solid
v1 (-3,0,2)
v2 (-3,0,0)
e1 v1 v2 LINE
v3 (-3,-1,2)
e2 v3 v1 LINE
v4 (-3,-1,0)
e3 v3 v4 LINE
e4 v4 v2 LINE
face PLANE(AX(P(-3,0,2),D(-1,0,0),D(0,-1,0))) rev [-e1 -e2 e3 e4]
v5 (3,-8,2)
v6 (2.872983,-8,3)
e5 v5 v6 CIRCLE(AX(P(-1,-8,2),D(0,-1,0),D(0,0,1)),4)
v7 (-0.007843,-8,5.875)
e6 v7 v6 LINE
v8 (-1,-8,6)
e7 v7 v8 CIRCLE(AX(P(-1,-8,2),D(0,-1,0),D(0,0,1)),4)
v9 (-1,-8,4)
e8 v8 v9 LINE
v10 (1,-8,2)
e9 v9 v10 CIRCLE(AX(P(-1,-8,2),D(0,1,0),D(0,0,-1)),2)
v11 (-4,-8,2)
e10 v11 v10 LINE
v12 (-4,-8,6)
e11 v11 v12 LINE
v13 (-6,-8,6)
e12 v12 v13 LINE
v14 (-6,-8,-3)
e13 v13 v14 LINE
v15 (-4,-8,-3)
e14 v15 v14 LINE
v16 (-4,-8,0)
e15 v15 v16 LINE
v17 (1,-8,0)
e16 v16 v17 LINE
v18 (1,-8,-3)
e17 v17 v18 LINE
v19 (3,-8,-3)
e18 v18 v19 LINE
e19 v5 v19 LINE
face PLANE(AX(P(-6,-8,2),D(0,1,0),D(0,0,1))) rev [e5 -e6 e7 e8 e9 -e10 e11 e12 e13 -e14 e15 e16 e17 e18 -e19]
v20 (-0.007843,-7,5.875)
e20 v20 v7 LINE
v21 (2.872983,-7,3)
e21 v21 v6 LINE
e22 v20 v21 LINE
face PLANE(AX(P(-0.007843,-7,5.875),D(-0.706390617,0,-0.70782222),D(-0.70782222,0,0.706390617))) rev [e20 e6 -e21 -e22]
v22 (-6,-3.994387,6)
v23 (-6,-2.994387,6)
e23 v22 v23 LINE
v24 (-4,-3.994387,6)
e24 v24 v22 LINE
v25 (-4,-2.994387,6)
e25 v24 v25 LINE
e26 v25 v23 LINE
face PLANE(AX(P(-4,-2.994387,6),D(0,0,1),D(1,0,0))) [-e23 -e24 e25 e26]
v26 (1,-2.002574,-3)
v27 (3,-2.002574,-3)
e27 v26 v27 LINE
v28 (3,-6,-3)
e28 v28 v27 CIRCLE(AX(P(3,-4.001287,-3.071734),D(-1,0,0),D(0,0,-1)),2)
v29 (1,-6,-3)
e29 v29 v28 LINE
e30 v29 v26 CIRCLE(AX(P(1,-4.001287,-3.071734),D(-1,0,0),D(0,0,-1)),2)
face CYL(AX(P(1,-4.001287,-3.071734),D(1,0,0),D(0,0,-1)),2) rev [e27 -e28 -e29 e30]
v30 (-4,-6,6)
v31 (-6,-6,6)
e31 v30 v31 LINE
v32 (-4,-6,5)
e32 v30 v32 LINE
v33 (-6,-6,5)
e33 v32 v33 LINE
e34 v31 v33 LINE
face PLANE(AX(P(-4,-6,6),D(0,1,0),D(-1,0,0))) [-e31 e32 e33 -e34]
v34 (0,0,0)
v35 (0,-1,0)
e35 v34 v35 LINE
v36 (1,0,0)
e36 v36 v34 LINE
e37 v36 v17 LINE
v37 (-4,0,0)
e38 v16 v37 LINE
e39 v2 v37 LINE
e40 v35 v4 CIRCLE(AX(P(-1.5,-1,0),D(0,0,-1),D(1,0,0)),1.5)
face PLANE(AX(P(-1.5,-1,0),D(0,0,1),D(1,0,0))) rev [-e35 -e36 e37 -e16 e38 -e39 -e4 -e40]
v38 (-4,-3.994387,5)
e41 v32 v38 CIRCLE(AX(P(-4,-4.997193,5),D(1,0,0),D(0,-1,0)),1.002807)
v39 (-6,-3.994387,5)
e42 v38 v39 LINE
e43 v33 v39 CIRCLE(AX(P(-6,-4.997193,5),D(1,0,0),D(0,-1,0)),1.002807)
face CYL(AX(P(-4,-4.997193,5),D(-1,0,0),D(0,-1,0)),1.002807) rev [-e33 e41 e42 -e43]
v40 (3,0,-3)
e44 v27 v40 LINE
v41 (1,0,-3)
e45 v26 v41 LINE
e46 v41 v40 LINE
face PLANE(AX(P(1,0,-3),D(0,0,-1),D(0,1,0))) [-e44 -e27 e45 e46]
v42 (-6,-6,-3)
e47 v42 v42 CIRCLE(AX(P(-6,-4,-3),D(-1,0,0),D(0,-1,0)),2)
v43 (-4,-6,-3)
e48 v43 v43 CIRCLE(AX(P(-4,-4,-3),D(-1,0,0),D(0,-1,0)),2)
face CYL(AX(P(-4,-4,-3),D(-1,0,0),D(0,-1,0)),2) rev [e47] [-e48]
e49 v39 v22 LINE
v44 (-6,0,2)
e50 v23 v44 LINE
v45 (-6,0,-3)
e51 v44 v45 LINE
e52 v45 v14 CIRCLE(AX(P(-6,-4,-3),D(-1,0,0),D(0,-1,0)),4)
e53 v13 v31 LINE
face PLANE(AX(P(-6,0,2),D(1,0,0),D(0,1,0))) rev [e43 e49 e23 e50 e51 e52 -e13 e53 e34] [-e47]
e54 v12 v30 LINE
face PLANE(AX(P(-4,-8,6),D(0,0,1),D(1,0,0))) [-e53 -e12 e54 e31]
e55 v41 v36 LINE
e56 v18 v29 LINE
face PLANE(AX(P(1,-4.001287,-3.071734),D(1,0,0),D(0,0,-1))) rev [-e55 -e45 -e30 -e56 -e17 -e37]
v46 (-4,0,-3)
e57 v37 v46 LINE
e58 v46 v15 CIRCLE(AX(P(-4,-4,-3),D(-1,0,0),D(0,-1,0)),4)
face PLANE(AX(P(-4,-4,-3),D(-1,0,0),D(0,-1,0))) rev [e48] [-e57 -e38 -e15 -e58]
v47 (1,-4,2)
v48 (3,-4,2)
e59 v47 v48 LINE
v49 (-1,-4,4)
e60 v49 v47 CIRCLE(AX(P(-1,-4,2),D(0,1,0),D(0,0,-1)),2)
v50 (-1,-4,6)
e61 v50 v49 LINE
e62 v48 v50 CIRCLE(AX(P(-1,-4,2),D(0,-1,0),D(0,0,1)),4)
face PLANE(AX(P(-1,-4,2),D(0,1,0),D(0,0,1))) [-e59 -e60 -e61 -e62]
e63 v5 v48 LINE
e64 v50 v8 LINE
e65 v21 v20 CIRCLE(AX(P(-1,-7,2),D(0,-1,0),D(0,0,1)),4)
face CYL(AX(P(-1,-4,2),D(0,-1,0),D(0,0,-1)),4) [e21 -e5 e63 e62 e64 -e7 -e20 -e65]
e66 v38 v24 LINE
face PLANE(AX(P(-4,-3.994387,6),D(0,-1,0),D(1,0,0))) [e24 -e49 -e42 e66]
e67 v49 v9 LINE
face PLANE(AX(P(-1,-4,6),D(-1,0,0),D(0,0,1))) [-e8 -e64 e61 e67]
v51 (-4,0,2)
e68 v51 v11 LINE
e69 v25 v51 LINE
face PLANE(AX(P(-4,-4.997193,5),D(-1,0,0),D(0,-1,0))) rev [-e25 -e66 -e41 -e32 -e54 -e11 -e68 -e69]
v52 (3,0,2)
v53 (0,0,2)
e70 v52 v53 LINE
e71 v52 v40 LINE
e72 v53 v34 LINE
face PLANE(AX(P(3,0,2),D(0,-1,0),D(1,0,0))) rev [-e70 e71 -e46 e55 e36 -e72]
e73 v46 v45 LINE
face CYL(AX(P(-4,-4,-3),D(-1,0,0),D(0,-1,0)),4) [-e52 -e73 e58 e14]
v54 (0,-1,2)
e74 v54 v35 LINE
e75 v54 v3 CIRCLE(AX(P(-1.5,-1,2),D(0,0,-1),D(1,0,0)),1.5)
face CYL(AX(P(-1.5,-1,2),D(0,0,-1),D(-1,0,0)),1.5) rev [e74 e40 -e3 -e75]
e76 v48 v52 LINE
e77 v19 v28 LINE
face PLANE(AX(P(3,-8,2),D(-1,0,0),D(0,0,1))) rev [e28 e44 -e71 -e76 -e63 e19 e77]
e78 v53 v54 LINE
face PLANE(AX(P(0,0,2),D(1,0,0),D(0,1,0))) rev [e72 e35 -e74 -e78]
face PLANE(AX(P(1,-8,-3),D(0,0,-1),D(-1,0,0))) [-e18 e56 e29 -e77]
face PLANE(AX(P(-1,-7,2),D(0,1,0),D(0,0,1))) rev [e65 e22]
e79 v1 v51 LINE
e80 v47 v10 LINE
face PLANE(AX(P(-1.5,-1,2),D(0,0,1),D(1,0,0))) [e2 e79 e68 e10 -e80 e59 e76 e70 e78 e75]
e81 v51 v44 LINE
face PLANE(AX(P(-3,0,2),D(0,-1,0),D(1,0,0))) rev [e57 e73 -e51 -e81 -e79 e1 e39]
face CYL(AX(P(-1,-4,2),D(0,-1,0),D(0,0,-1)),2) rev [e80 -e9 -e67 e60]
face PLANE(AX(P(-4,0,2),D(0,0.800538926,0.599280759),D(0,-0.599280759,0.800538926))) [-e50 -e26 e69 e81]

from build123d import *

# Parameters (mm, degrees)
BOSS_EXTRUDE1_DEPTH = 2
BOSS_EXTRUDE2_DEPTH = 2
SKETCH3_R           = 2
BOSS_EXTRUDE3_DEPTH = 2
BOSS_EXTRUDE4_DEPTH = 2
BOSS_EXTRUDE5_DEPTH = 4
CUT_EXTRUDE1_DEPTH  = 1


with BuildPart() as part:
    # Sketch1 → Boss-Extrude1 (new body)
    with BuildSketch(Plane.XY):
        with BuildLine():
            Line((-3, 0), (-6, 0))
            Line((-6, 0), (-6, -8))
            Line((-6, -8), (3, -8))
            Line((3, -8), (3, 0))
            Line((3, 0), (0, 0))
            Line((0, 0), (0, -1))
            ThreePointArc((0, -1), (-1.5, -2.5), (-3, -1))
            Line((-3, -1), (-3, 0))
        make_face()
    extrude(amount=BOSS_EXTRUDE1_DEPTH)

    # Sketch2 → Boss-Extrude2 (add)
    with BuildSketch(Plane(origin=(3, 0, 0), x_dir=(0, 0, -1), z_dir=(1, 0, 0))):
        with BuildLine():
            Line((0, 0), (3, 0))
            Line((3, 0), (3, -2.002573702))
            ThreePointArc((3, -2.002573702), (1.071733869, -4.001286851), (3, -6))
            Line((3, -6), (3, -8))
            Line((3, -8), (0, -8))
            Line((0, -8), (0, 0))
        make_face()
    extrude(amount=-BOSS_EXTRUDE2_DEPTH)

    # Sketch3 → Boss-Extrude3 (add)
    with BuildSketch(Plane.ZY.offset(6)):
        with BuildLine():
            Line((-3, 0), (0, 0))
            Line((0, 0), (0, -8))
            Line((0, -8), (-3, -8))
            ThreePointArc((-3, -8), (-7, -4), (-3, 0))
        make_face()
        with Locations((-3, -4)):
            Circle(SKETCH3_R, mode=Mode.SUBTRACT)
    extrude(amount=-BOSS_EXTRUDE3_DEPTH)

    # Sketch4 → Boss-Extrude4 (add)
    with BuildSketch(Plane.ZY.offset(6)):
        with BuildLine():
            Line((6, -8), (2, -8))
            Line((2, -8), (2, 0))
            Line((2, 0), (6, -2.994386604))
            Line((6, -2.994386604), (6, -3.994386604))
            Line((6, -3.994386604), (5, -3.994386604))
            ThreePointArc((5, -3.994386604), (3.997193302, -4.997193302), (5, -6))
            Line((5, -6), (6, -6))
            Line((6, -6), (6, -8))
        make_face()
    extrude(amount=-BOSS_EXTRUDE4_DEPTH)

    # Sketch5 → Boss-Extrude5 (add)
    with BuildSketch(Plane.XZ.offset(8)):
        with BuildLine():
            Line((3, 2), (1, 2))
            ThreePointArc((1, 2), (0.414213562, 3.414213562), (-1, 4))
            Line((-1, 4), (-1, 6))
            ThreePointArc((-1, 6), (1.828427125, 4.828427125), (3, 2))
        make_face()
    extrude(amount=-BOSS_EXTRUDE5_DEPTH)

    # Sketch6 → Cut-Extrude1 (cut)
    with BuildSketch(Plane.XZ.offset(8)):
        with BuildLine():
            Line((-0.007843258, 5.875), (2.872983346, 3))
            ThreePointArc((2.872983346, 3), (1.825562469, 4.831288882), (-0.007843258, 5.875))
        make_face()
    extrude(amount=-CUT_EXTRUDE1_DEPTH, mode=Mode.SUBTRACT)


solid = part.part
